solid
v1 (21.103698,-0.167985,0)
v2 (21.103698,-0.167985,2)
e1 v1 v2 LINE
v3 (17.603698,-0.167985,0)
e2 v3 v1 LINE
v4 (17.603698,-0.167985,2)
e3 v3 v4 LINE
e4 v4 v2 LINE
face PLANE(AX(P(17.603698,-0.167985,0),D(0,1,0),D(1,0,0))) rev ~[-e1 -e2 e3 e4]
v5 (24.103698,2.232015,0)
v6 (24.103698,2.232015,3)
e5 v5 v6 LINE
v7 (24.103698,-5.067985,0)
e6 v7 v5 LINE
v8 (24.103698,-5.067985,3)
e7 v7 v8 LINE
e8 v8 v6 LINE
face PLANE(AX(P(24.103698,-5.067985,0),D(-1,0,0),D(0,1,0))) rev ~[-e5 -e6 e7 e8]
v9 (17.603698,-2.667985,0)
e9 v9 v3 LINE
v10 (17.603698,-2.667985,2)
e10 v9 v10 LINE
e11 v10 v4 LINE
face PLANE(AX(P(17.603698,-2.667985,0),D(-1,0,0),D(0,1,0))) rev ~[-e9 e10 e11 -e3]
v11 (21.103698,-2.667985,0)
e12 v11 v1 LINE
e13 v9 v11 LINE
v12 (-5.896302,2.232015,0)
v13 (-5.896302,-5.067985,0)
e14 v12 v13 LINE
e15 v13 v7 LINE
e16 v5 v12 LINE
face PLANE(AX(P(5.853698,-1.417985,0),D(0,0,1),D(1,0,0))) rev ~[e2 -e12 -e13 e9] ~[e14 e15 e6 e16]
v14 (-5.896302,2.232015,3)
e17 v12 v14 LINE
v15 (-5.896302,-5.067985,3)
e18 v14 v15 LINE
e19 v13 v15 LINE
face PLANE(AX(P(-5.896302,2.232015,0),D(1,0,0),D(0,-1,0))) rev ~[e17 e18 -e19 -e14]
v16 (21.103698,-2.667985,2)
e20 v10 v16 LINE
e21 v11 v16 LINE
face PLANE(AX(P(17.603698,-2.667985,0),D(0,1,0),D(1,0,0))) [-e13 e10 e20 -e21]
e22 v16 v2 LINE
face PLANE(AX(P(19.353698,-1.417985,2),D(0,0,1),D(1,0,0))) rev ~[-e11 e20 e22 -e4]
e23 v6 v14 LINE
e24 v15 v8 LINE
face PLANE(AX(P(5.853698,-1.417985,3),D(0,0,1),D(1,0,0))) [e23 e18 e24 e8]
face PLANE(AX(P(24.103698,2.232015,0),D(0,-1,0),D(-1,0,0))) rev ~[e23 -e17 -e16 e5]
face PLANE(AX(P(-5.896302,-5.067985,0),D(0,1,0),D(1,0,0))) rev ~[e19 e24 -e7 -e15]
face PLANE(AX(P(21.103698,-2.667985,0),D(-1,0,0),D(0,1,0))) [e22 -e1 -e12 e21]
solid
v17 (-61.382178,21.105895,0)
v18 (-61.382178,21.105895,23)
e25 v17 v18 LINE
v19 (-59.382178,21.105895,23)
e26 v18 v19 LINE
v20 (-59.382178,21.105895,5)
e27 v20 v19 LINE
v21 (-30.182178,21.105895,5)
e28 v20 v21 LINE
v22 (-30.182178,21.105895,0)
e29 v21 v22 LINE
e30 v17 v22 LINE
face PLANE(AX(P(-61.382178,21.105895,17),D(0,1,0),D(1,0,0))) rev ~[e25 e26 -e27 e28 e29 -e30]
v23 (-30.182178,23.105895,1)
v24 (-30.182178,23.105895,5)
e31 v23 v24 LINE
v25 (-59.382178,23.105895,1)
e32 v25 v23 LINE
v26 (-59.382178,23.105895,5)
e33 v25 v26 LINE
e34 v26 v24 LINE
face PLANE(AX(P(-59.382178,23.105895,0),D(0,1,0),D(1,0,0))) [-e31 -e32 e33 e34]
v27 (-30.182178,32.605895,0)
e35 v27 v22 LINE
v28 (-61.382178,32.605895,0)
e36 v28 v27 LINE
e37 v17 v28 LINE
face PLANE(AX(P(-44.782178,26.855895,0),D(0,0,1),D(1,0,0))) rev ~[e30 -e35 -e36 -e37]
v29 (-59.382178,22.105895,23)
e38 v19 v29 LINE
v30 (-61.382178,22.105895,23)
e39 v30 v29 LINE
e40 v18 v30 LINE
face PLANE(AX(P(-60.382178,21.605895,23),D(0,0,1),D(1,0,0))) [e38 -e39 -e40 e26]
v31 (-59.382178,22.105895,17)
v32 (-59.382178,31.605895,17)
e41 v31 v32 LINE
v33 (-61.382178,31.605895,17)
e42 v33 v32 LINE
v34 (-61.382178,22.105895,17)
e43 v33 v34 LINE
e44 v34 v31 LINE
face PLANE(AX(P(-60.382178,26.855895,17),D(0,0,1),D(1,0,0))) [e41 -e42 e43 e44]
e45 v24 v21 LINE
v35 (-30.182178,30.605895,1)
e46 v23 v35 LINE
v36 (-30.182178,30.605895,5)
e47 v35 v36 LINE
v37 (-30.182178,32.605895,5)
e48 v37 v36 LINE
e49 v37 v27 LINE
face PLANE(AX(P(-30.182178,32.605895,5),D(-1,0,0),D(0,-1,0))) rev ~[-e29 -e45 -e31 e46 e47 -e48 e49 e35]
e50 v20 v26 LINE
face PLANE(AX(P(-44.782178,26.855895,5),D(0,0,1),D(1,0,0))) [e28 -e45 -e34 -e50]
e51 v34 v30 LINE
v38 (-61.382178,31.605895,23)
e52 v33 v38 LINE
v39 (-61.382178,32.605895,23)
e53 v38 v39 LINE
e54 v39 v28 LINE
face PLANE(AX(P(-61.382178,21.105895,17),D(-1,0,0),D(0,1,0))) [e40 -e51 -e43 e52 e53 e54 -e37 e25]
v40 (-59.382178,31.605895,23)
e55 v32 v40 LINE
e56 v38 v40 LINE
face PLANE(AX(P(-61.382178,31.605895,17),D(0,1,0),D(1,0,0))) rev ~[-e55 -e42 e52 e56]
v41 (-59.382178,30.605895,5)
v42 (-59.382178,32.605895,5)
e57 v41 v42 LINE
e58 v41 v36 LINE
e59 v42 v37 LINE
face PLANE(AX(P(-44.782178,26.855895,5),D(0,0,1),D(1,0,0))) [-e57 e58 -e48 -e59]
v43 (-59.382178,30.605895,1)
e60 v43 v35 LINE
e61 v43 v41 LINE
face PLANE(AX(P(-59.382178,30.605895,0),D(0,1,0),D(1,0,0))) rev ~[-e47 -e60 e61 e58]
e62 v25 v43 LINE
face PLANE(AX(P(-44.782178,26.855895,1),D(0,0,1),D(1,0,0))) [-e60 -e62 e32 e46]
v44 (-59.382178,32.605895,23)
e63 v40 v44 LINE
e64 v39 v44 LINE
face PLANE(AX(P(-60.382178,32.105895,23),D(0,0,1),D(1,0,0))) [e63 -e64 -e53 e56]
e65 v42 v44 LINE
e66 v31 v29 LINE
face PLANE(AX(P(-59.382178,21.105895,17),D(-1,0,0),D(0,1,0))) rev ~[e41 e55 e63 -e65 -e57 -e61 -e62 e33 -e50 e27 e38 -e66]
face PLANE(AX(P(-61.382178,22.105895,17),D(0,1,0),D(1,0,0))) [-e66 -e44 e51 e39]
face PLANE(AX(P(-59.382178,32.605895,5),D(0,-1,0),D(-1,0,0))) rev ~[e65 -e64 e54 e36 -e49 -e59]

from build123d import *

# Parameters (mm, degrees)
F0_W      = 3.5
F0_H      = 2.5
F1_DEPTH  = 3
F2_DEPTH  = 2
F3_W      = 33.2
F3_H      = 11.5
F3_W_2    = 29.2
F3_H_2    = 7.5
F4_DEPTH  = 5
F5_DEPTH  = 1
F7_DEPTH  = 5
F8_DEPTH  = 12
F9_W      = 2
F9_H      = 1
F10_DEPTH = 6


with BuildPart() as f1:
    # F0 (on Top) → F1 (new body)
    with BuildSketch(Plane.XY):
        Polygon((17.6036984033, 2.2320148691), (-5.8963015967, 2.2320148691), (-5.8963015967, -5.0679851309), (17.6036984033, -5.0679851309), (17.6036984033, -2.6679851309), (17.6036984033, -0.1679851309), align=None)
        Polygon((24.1036984033, 2.2320148691), (17.6036984033, 2.2320148691), (17.6036984033, -0.1679851309), (21.1036984033, -0.1679851309), (21.1036984033, -2.6679851309), (17.6036984033, -2.6679851309), (17.6036984033, -5.0679851309), (24.1036984033, -5.0679851309), align=None)
        with Locations((19.3536984033, -1.4179851309)):
            Rectangle(F0_W, F0_H)
    extrude(amount=F1_DEPTH)

    # F0 (on Top) → F2 (cut)
    with BuildSketch(Plane.XY):
        with Locations((19.3536984033, -1.4179851309)):
            Rectangle(F0_W, F0_H)
    extrude(amount=F2_DEPTH, mode=Mode.SUBTRACT)


with BuildPart() as f4:
    # F3 (on Top) → F4 (new body)
    with BuildSketch(Plane.XY):
        with Locations((-44.7821782172, 26.8558953583)):
            Rectangle(F3_W, F3_H)
        with Locations((-44.7821782172, 26.8558953583)):
            Rectangle(F3_W_2, F3_H_2, mode=Mode.SUBTRACT)
    extrude(amount=F4_DEPTH)

    # F3 (on Top) → F5 (join)
    with BuildSketch(Plane.XY):
        with Locations((-44.7821782172, 26.8558953583)):
            Rectangle(F3_W_2, F3_H_2)
    extrude(amount=F5_DEPTH)

    # F6 (on face) → F7 (cut)
    with BuildSketch(Plane.XY.offset(5)):
        Polygon((-30.1821782172, 32.6058953583), (-30.1821782172, 30.6058953583), (-30.1821782172, 23.1058953583), (-30.1821782172, 21.1058953583), (-28.1821782172, 21.1058953583), (-28.1821782172, 32.6058953583), align=None)
    extrude(amount=-F7_DEPTH, mode=Mode.SUBTRACT)

    # F6 (on face) → F8 (join)
    with BuildSketch(Plane.XY.offset(5)):
        Polygon((-59.3821782172, 23.1058953583), (-59.3821782172, 30.6058953583), (-59.3821782172, 32.6058953583), (-61.3821782172, 32.6058953583), (-61.3821782172, 21.1058953583), (-59.3821782172, 21.1058953583), align=None)
    extrude(amount=F8_DEPTH)

    # F9 (on face) → F10 (join)
    with BuildSketch(Plane.XY.offset(17)):
        with Locations((-60.3821782172, 21.6058953583)):
            Rectangle(F9_W, F9_H)
        with Locations((-60.3821782172, 32.1058953583)):
            Rectangle(F9_W, F9_H)
    extrude(amount=F10_DEPTH)


solid = Compound([f1.part, f4.part])
